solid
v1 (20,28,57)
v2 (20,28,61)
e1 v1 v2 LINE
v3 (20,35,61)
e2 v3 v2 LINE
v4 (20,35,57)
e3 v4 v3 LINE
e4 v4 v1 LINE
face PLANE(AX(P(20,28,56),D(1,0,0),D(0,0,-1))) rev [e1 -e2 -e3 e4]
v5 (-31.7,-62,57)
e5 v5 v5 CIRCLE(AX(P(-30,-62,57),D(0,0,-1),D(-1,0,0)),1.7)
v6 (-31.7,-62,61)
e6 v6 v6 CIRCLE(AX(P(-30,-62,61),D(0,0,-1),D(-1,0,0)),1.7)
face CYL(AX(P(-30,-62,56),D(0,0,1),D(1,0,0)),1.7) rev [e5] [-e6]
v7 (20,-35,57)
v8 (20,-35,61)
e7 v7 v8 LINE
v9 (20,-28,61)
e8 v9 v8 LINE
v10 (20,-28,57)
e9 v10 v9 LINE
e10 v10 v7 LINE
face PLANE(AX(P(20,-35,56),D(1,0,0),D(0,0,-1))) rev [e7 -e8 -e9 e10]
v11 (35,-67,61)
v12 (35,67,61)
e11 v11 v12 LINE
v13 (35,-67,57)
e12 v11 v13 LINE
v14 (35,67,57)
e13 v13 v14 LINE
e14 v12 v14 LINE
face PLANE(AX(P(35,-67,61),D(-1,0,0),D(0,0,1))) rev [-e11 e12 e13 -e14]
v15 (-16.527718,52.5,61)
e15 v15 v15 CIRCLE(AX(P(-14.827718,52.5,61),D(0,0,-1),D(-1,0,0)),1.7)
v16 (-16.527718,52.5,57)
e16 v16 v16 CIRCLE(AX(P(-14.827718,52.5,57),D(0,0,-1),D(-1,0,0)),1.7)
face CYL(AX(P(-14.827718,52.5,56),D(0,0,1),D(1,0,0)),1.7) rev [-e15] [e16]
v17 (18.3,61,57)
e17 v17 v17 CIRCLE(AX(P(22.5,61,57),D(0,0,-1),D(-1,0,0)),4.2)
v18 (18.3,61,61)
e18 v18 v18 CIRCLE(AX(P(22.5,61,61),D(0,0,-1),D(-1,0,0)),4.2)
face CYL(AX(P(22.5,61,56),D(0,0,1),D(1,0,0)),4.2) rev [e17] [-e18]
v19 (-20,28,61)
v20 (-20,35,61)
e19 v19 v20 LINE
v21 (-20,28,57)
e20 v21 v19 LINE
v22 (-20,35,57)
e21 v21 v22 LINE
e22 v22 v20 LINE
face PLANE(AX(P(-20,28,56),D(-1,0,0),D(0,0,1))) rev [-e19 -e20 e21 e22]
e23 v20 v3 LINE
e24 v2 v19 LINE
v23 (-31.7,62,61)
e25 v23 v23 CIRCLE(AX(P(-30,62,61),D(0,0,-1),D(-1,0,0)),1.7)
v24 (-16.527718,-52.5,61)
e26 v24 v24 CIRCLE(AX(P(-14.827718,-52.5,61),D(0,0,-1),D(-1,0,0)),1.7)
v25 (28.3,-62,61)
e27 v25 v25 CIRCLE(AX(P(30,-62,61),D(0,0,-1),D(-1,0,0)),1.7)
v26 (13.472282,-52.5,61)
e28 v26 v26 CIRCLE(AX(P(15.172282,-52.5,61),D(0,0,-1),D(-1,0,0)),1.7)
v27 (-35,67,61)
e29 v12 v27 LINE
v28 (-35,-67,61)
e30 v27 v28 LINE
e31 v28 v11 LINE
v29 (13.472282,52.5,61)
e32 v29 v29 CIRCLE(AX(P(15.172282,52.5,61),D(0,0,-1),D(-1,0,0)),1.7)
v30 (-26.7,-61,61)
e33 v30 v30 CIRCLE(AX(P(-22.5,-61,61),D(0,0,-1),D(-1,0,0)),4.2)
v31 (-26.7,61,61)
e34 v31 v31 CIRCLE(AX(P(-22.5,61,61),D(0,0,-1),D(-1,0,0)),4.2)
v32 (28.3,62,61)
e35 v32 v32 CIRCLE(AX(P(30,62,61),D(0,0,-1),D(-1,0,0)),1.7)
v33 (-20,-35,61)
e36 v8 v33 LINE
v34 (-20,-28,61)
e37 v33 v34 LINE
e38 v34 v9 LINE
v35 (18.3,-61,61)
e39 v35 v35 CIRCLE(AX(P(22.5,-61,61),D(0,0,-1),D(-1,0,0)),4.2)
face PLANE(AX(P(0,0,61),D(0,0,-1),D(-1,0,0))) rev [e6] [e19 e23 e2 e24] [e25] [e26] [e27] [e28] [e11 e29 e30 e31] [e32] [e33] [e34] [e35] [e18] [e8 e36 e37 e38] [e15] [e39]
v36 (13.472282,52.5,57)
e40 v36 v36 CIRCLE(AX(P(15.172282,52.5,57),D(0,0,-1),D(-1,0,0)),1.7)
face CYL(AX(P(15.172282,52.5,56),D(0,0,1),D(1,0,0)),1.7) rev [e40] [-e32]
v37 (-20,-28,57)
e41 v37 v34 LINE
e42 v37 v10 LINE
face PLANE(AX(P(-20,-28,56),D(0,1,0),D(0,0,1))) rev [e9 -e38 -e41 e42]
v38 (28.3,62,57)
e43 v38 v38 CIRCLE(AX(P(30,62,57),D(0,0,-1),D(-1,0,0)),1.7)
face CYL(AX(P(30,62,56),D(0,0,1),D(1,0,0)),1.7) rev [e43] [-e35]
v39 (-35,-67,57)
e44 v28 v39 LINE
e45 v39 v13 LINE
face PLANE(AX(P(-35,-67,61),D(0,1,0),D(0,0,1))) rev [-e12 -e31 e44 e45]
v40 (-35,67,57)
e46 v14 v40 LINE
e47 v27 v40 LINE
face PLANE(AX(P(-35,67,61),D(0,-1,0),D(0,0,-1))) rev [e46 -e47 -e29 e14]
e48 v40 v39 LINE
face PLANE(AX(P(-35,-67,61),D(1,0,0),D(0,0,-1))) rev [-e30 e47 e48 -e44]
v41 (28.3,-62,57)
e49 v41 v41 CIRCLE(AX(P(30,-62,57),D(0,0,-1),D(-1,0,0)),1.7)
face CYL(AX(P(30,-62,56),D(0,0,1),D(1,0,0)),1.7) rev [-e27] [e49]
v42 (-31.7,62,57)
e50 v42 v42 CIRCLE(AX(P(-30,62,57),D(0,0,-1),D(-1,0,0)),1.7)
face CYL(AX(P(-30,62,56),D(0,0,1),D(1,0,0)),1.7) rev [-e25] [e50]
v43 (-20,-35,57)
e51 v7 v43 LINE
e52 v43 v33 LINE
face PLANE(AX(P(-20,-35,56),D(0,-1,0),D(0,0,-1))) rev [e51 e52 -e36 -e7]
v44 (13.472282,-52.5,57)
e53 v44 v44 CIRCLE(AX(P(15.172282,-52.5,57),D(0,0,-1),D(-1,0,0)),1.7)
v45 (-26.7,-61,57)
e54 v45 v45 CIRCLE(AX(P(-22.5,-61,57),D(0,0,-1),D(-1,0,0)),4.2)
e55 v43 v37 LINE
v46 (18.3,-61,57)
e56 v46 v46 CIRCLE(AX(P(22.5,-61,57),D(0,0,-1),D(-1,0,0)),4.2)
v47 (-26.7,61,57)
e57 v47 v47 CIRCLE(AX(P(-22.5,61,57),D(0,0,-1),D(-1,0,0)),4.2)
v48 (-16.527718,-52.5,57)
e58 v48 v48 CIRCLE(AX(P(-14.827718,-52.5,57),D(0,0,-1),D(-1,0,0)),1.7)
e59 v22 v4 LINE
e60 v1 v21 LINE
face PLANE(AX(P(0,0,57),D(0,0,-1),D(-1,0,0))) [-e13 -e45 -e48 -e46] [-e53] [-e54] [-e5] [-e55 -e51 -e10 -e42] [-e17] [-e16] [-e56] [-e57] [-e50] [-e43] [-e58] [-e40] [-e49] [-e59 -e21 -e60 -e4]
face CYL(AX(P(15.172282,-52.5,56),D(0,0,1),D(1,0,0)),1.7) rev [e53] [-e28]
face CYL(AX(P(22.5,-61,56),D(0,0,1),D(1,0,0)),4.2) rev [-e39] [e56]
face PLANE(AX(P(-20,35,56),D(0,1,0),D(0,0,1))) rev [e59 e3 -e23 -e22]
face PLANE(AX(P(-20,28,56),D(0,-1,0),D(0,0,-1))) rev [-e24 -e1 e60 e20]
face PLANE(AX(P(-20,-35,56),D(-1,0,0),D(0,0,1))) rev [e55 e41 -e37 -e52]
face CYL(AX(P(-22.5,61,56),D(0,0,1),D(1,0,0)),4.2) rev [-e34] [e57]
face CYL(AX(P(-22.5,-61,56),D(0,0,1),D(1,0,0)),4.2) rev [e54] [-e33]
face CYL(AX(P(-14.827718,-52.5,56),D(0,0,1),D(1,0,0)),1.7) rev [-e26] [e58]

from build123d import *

# Parameters (mm, degrees)
CONTROLLER_REMOVABLE_CENTRAL_TRAY_START   = 57
SKETCH_1_W                                = 70
SKETCH_1_H                                = 134
CONTROLLER_REMOVABLE_CENTRAL_TRAY_DEPTH   = 4
CONTROLLER_FLANGE_AND_SERVICE_SLOTS_START = 62
SKETCH_2_R                                = 1.7
SKETCH_2_W                                = 40
SKETCH_2_H                                = 7
CONTROLLER_FLANGE_AND_SERVICE_SLOTS_DEPTH = 6
DRIVER_POST_AND_FASTENER_CLEARANCE_START  = 62
SKETCH_3_R                                = 4.2
DRIVER_POST_AND_FASTENER_CLEARANCE_DEPTH  = 6


with BuildPart() as part:
    # 草图1 → Controller_removable_central_tray (new body)
    with BuildSketch(Plane.XY.offset(CONTROLLER_REMOVABLE_CENTRAL_TRAY_START)):
        Rectangle(SKETCH_1_W, SKETCH_1_H)
    extrude(amount=CONTROLLER_REMOVABLE_CENTRAL_TRAY_DEPTH)

    # 草图2 → Controller_flange_and_service_slots (cut)
    with BuildSketch(Plane.XY.offset(CONTROLLER_FLANGE_AND_SERVICE_SLOTS_START)):
        with Locations(Location((-30, -62, 0), (0, 0, 180))):
            Circle(SKETCH_2_R)
        with Locations(Location((-30, 62, 0), (0, 0, 180))):
            Circle(SKETCH_2_R)
        with Locations(Location((30, -62, 0), (0, 0, 180))):
            Circle(SKETCH_2_R)
        with Locations(Location((30, 62, 0), (0, 0, 180))):
            Circle(SKETCH_2_R)
        with Locations(Location((15.172281679, -52.5, 0), (0, 0, 180))):
            Circle(SKETCH_2_R)
        with Locations(Location((15.172281679, 52.5, 0), (0, 0, 180))):
            Circle(SKETCH_2_R)
        with Locations(Location((-14.827718321, -52.5, 0), (0, 0, 180))):
            Circle(SKETCH_2_R)
        with Locations(Location((-14.827718321, 52.5, 0), (0, 0, 180))):
            Circle(SKETCH_2_R)
        with Locations((0, -31.5)):
            Rectangle(SKETCH_2_W, SKETCH_2_H)
        with Locations((0, 31.5)):
            Rectangle(SKETCH_2_W, SKETCH_2_H)
    extrude(amount=-CONTROLLER_FLANGE_AND_SERVICE_SLOTS_DEPTH, mode=Mode.SUBTRACT)

    # 草图3 → Driver_post_and_fastener_clearance (cut)
    with BuildSketch(Plane.XY.offset(DRIVER_POST_AND_FASTENER_CLEARANCE_START)):
        with Locations(Location((-22.5, -61, 0), (0, 0, 180))):
            Circle(SKETCH_3_R)
        with Locations(Location((-22.5, 61, 0), (0, 0, 180))):
            Circle(SKETCH_3_R)
        with Locations(Location((22.5, -61, 0), (0, 0, 180))):
            Circle(SKETCH_3_R)
        with Locations(Location((22.5, 61, 0), (0, 0, 180))):
            Circle(SKETCH_3_R)
    extrude(amount=-DRIVER_POST_AND_FASTENER_CLEARANCE_DEPTH, mode=Mode.SUBTRACT)


solid = part.part
